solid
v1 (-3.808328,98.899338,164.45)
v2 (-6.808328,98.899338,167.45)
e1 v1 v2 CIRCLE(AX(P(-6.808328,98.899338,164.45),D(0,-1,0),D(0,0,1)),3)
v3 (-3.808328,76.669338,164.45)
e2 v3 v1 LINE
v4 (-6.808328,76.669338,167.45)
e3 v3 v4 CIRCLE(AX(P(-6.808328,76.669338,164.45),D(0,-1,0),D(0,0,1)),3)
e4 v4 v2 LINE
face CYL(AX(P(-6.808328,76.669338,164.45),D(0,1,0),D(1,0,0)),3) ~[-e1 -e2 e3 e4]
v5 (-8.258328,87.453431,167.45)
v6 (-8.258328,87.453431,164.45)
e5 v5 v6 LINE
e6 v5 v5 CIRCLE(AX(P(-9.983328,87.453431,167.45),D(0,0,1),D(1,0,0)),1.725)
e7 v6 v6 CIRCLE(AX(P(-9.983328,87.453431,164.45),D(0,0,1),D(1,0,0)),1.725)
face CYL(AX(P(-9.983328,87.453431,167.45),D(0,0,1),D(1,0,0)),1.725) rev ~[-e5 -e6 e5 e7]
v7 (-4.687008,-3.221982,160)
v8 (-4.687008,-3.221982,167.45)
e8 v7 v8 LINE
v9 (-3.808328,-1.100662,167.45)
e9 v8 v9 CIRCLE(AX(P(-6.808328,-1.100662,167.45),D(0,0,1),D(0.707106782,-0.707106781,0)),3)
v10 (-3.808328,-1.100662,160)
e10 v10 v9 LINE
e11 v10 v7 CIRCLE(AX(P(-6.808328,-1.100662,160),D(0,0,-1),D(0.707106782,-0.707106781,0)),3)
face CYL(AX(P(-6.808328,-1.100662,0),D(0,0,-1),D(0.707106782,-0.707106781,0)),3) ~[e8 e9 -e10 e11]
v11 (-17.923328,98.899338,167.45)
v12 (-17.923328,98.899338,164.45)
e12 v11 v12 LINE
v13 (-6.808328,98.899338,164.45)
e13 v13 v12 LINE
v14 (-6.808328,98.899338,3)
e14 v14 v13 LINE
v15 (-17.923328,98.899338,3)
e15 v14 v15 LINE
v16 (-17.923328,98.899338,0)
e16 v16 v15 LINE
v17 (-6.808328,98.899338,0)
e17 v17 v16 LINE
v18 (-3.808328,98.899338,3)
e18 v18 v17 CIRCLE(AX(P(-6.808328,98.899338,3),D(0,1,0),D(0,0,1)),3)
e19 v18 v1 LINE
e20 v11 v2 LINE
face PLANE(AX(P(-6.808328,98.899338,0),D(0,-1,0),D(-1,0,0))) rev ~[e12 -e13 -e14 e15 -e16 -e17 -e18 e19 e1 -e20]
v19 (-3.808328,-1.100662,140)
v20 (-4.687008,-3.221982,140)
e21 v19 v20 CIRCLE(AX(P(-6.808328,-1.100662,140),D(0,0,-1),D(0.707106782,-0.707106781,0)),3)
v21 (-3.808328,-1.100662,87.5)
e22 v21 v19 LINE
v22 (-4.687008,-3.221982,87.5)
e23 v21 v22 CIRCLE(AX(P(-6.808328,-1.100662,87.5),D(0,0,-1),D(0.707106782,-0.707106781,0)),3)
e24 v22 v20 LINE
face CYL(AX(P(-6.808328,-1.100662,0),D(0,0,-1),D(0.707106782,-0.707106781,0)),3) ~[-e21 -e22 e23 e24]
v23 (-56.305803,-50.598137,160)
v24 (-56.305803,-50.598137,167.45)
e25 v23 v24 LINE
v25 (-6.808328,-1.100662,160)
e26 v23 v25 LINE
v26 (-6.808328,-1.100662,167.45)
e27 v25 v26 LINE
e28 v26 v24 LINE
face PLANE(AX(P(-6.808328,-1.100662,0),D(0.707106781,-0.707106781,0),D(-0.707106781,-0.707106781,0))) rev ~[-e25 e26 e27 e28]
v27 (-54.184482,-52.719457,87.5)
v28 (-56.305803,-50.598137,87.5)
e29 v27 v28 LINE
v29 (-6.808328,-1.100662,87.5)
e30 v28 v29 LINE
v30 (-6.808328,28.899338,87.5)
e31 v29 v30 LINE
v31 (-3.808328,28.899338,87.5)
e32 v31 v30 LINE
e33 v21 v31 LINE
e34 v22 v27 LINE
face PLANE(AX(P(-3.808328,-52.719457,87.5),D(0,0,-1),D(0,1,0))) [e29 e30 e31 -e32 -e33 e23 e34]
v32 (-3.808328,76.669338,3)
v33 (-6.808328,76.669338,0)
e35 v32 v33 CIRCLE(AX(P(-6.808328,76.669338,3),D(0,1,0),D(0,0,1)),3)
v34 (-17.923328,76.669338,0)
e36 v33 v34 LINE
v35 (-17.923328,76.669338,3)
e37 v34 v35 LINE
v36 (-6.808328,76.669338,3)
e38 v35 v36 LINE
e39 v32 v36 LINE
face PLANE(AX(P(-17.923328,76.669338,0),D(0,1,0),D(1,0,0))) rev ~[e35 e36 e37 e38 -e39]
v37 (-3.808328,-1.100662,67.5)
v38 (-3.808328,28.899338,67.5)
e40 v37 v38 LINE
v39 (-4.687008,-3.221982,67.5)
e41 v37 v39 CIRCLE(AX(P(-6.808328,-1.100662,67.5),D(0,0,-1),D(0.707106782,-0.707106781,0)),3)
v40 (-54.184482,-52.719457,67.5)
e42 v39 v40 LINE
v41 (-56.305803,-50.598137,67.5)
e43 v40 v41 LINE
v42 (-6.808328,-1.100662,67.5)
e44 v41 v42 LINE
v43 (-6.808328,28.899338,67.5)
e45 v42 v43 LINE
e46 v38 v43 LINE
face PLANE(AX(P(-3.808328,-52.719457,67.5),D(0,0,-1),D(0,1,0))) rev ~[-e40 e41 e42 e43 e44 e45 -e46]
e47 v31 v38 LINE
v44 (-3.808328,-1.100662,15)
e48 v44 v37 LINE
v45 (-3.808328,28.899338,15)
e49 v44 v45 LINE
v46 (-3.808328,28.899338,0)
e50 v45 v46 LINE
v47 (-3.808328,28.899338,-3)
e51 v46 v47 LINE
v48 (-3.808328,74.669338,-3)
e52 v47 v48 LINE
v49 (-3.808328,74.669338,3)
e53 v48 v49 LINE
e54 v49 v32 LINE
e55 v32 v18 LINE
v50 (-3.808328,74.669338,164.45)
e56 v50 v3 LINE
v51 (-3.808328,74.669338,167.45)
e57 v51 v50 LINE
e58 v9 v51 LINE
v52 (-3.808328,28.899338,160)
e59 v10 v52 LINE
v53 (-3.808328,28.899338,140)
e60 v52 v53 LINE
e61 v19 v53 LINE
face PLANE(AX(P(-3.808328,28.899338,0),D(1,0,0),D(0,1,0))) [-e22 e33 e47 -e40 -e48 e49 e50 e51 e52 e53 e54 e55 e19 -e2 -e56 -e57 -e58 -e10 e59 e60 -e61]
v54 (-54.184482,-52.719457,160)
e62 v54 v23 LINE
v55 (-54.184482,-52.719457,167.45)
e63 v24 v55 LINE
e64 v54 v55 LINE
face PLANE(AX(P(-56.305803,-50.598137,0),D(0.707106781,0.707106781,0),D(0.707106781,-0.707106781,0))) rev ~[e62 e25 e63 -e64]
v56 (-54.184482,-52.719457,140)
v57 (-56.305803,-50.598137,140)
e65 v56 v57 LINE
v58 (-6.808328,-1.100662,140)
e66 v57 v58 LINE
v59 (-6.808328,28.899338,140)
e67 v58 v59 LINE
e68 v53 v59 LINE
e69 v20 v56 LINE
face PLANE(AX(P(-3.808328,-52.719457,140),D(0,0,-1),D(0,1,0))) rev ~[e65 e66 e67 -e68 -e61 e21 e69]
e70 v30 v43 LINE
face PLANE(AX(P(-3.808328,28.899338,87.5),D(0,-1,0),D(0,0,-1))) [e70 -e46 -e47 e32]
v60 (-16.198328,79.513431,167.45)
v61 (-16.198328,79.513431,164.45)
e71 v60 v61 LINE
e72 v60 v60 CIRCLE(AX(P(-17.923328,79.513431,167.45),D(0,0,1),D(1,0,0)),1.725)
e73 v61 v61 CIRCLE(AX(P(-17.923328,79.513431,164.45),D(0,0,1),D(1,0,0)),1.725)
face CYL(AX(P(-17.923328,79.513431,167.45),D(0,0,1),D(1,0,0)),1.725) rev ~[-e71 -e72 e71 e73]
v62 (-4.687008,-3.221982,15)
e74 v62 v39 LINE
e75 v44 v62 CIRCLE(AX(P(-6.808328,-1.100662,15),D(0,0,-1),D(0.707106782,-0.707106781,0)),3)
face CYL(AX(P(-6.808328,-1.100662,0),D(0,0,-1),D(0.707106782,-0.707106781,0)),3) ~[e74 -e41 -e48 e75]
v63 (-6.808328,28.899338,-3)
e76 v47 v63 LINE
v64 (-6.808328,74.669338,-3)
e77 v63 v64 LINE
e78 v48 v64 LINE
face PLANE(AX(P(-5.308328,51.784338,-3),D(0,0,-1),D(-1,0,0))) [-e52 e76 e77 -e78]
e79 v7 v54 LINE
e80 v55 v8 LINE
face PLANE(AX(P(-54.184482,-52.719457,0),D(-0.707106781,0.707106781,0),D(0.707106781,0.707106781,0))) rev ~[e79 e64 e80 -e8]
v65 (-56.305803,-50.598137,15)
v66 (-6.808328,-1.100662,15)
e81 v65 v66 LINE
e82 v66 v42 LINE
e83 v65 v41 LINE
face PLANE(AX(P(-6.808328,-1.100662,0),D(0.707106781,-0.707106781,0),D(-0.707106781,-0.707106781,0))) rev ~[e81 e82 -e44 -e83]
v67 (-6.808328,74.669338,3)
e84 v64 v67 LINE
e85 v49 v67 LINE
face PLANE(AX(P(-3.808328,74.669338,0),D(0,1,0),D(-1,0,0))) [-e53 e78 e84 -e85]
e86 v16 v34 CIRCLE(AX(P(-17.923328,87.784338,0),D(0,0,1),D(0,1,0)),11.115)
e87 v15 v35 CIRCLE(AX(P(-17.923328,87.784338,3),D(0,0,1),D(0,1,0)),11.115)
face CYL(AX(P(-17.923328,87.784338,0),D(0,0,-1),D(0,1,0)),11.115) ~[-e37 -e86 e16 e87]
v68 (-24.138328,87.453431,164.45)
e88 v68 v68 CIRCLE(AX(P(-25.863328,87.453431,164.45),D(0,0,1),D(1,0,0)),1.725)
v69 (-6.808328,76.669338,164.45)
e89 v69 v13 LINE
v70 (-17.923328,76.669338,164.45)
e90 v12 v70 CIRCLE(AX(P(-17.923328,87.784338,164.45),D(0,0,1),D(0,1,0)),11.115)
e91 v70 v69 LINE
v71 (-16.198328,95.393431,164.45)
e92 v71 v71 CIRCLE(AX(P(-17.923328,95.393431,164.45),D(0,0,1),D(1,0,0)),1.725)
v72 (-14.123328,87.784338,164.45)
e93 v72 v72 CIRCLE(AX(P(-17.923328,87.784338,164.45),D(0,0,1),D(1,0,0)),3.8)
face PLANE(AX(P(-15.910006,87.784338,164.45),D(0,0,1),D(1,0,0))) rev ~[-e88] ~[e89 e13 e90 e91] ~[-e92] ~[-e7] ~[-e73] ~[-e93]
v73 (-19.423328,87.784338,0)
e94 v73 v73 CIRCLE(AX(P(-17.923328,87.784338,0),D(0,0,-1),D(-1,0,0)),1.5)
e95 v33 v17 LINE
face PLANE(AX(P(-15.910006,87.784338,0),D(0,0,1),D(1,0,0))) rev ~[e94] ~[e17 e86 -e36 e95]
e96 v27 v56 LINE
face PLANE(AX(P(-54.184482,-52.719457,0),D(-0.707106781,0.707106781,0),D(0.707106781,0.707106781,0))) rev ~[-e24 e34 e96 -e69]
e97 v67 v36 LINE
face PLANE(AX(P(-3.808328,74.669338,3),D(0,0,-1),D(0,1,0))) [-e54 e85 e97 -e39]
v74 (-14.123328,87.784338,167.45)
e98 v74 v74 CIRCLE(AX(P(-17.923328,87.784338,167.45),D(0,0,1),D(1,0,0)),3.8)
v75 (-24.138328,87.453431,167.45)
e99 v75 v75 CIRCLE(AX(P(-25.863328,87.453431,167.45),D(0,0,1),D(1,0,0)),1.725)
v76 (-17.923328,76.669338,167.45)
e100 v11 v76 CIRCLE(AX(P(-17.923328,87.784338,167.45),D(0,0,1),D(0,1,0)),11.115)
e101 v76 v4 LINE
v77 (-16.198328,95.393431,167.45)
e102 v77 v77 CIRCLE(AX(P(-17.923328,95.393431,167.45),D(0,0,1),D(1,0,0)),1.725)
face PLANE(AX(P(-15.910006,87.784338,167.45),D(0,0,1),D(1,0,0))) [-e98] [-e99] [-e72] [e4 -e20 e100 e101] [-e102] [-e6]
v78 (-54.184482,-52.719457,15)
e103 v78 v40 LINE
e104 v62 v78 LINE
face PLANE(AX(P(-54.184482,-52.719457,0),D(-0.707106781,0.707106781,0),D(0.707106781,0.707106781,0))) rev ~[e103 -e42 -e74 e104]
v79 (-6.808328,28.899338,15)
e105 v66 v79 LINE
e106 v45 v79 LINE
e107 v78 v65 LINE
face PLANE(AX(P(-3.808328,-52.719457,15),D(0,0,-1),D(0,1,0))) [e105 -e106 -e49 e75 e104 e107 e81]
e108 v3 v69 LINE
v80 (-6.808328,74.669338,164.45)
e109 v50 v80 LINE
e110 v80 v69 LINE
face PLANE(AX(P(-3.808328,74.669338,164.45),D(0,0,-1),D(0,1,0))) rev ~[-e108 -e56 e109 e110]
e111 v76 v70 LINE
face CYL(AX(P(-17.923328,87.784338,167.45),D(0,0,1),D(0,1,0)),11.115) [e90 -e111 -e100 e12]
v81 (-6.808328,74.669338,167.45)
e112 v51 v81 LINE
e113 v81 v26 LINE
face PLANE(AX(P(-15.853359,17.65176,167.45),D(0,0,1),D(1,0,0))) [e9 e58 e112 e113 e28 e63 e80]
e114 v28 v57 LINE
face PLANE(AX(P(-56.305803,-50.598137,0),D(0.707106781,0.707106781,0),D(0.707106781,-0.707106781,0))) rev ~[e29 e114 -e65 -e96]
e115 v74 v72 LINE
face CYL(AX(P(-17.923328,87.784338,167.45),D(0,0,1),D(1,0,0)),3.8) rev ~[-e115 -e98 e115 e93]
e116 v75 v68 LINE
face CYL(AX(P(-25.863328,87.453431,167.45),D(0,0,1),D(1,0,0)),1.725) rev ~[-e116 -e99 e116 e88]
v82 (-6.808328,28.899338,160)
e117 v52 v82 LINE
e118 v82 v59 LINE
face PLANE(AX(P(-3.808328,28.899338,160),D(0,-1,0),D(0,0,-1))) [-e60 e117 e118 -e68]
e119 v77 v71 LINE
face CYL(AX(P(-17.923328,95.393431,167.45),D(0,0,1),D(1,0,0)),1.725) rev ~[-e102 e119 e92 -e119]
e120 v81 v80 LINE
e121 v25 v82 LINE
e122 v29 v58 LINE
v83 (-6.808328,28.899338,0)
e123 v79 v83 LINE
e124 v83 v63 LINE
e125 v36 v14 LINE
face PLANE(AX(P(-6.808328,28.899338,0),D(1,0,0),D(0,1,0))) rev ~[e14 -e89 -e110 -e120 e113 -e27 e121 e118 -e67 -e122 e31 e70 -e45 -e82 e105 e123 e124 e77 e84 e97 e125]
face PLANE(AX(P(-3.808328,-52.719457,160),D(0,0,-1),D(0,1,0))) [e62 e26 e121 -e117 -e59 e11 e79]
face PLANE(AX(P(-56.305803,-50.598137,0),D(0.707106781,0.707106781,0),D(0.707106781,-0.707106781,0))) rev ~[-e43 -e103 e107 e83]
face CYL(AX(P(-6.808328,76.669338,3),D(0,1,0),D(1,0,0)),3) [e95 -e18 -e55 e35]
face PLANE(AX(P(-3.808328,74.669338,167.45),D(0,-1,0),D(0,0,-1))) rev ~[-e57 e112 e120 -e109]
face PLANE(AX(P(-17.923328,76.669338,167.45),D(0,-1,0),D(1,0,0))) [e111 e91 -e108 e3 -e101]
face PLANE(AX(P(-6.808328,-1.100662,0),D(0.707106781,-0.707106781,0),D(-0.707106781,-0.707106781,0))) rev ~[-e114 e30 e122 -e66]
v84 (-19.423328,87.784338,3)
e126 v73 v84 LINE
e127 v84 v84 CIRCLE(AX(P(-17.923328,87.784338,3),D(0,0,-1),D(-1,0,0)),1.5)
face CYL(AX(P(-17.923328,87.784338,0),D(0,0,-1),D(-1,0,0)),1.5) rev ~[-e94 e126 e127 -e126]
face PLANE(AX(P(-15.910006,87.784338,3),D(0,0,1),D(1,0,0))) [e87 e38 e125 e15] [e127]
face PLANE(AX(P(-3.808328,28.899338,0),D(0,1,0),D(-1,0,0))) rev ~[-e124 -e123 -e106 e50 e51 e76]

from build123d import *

# Parameters (mm, degrees)
BOSS_EXTRU_1_DEPTH      = 167.45
ESQUISSE2_W             = 20
ESQUISSE2_H             = 81.618795027
ESQUISSE2_W_2           = 15
ESQUISSE2_W_3           = 3
ESQUISSE2_H_2           = 2
ENL_V_MAT_EXTRU_1_DEPTH = 53.497474683
ESQUISSE3_R             = 3.8
ESQUISSE3_R_2           = 1.725
BOSS_EXTRU_2_DEPTH      = 3
ESQUISSE4_R             = 1.5
BOSS_EXTRU_3_DEPTH      = 3
ESQUISSE5_W             = 3
ESQUISSE5_H             = 45.77
BOSS_EXTRU_4_DEPTH      = 3
CONG_1_R                = 3


with BuildPart() as part:
    # Esquisse1 → Boss.-Extru.1 (new body)
    with BuildSketch(Plane.XY):
        with BuildLine():
            Line((-6.808328014, -1.100662076), (-56.305802697, -50.598136759))
            Line((-56.305802697, -50.598136759), (-54.184482354, -52.719457103))
            Line((-54.184482354, -52.719457103), (-4.687007671, -3.22198242))
            ThreePointArc((-4.687007671, -3.22198242), (-4.036689417, -2.248712373), (-3.808328014, -1.100662076))
            Line((-3.808328014, -1.100662076), (-3.808328014, 98.899337924))
            Line((-3.808328014, 98.899337924), (-6.808328014, 98.899337924))
            Line((-6.808328014, 98.899337924), (-6.808328014, -1.100662076))
        make_face()
    extrude(amount=BOSS_EXTRU_1_DEPTH)

    # Esquisse2 → Enlèv. mat.-Extru.1 (cut, through all)
    with BuildSketch(Plane(origin=(-3.808328014, 0, 0), x_dir=(0, 0, -1), z_dir=(1, 0, 0))):
        with Locations((-150, -11.91005959)):
            Rectangle(ESQUISSE2_W, ESQUISSE2_H)
        with Locations((-7.5, -11.91005959)):
            Rectangle(ESQUISSE2_W_2, ESQUISSE2_H)
        with Locations((-77.5, -11.91005959)):
            Rectangle(ESQUISSE2_W, ESQUISSE2_H)
        with Locations((-165.95, 75.669337924)):
            Rectangle(ESQUISSE2_W_3, ESQUISSE2_H_2)
        with Locations((-1.5, 75.669337924)):
            Rectangle(ESQUISSE2_W_3, ESQUISSE2_H_2)
    extrude(amount=-ENL_V_MAT_EXTRU_1_DEPTH, mode=Mode.SUBTRACT)

    # Esquisse3 → Boss.-Extru.2 (add)
    with BuildSketch(Plane.XY.offset(167.45)):
        with BuildLine():
            Line((-6.808328014, 98.899337924), (-17.923328014, 98.899337924))
            ThreePointArc((-17.923328014, 98.899337924), (-29.038328014, 87.784337924), (-17.923328014, 76.669337924))
            Line((-17.923328014, 76.669337924), (-6.808328014, 76.669337924))
            Line((-6.808328014, 76.669337924), (-6.808328014, 98.899337924))
        make_face()
        with Locations((-17.923328014, 87.784337924)):
            Circle(ESQUISSE3_R, mode=Mode.SUBTRACT)
        with Locations((-25.863328014, 87.453430664)):
            Circle(ESQUISSE3_R_2, mode=Mode.SUBTRACT)
        with Locations((-17.923328014, 95.393430664)):
            Circle(ESQUISSE3_R_2, mode=Mode.SUBTRACT)
        with Locations((-9.983328014, 87.453430664)):
            Circle(ESQUISSE3_R_2, mode=Mode.SUBTRACT)
        with Locations((-17.923328014, 79.513430664)):
            Circle(ESQUISSE3_R_2, mode=Mode.SUBTRACT)
    extrude(amount=-BOSS_EXTRU_2_DEPTH)

    # Esquisse4 → Boss.-Extru.3 (add)
    with BuildSketch(Plane(origin=(0, 0, 0), x_dir=(-1, 0, 0), z_dir=(0, 0, -1))):
        with BuildLine():
            Line((6.808328014, 98.899337924), (17.923328014, 98.899337924))
            ThreePointArc((17.923328014, 98.899337924), (29.038328014, 87.784337924), (17.923328014, 76.669337924))
            Line((17.923328014, 76.669337924), (6.808328014, 76.669337924))
            Line((6.808328014, 76.669337924), (6.808328014, 98.899337924))
        make_face()
        with Locations((17.923328014, 87.784337924)):
            Circle(ESQUISSE4_R, mode=Mode.SUBTRACT)
    extrude(amount=-BOSS_EXTRU_3_DEPTH)

    # Esquisse5 → Boss.-Extru.4 (add)
    with BuildSketch(Plane(origin=(0, 0, 0), x_dir=(-1, 0, 0), z_dir=(0, 0, -1))):
        with Locations((5.308328014, 51.784337924)):
            Rectangle(ESQUISSE5_W, ESQUISSE5_H)
    extrude(amount=BOSS_EXTRU_4_DEPTH)

    # Congé1
    cong_1_edges = [part.edges().sort_by_distance(p)[0] for p in [
        (-3.808328014, 87.784337924, 0),
        (-3.808328014, 87.784337924, 167.45),
    ]]
    fillet(cong_1_edges, radius=CONG_1_R)


solid = part.part
